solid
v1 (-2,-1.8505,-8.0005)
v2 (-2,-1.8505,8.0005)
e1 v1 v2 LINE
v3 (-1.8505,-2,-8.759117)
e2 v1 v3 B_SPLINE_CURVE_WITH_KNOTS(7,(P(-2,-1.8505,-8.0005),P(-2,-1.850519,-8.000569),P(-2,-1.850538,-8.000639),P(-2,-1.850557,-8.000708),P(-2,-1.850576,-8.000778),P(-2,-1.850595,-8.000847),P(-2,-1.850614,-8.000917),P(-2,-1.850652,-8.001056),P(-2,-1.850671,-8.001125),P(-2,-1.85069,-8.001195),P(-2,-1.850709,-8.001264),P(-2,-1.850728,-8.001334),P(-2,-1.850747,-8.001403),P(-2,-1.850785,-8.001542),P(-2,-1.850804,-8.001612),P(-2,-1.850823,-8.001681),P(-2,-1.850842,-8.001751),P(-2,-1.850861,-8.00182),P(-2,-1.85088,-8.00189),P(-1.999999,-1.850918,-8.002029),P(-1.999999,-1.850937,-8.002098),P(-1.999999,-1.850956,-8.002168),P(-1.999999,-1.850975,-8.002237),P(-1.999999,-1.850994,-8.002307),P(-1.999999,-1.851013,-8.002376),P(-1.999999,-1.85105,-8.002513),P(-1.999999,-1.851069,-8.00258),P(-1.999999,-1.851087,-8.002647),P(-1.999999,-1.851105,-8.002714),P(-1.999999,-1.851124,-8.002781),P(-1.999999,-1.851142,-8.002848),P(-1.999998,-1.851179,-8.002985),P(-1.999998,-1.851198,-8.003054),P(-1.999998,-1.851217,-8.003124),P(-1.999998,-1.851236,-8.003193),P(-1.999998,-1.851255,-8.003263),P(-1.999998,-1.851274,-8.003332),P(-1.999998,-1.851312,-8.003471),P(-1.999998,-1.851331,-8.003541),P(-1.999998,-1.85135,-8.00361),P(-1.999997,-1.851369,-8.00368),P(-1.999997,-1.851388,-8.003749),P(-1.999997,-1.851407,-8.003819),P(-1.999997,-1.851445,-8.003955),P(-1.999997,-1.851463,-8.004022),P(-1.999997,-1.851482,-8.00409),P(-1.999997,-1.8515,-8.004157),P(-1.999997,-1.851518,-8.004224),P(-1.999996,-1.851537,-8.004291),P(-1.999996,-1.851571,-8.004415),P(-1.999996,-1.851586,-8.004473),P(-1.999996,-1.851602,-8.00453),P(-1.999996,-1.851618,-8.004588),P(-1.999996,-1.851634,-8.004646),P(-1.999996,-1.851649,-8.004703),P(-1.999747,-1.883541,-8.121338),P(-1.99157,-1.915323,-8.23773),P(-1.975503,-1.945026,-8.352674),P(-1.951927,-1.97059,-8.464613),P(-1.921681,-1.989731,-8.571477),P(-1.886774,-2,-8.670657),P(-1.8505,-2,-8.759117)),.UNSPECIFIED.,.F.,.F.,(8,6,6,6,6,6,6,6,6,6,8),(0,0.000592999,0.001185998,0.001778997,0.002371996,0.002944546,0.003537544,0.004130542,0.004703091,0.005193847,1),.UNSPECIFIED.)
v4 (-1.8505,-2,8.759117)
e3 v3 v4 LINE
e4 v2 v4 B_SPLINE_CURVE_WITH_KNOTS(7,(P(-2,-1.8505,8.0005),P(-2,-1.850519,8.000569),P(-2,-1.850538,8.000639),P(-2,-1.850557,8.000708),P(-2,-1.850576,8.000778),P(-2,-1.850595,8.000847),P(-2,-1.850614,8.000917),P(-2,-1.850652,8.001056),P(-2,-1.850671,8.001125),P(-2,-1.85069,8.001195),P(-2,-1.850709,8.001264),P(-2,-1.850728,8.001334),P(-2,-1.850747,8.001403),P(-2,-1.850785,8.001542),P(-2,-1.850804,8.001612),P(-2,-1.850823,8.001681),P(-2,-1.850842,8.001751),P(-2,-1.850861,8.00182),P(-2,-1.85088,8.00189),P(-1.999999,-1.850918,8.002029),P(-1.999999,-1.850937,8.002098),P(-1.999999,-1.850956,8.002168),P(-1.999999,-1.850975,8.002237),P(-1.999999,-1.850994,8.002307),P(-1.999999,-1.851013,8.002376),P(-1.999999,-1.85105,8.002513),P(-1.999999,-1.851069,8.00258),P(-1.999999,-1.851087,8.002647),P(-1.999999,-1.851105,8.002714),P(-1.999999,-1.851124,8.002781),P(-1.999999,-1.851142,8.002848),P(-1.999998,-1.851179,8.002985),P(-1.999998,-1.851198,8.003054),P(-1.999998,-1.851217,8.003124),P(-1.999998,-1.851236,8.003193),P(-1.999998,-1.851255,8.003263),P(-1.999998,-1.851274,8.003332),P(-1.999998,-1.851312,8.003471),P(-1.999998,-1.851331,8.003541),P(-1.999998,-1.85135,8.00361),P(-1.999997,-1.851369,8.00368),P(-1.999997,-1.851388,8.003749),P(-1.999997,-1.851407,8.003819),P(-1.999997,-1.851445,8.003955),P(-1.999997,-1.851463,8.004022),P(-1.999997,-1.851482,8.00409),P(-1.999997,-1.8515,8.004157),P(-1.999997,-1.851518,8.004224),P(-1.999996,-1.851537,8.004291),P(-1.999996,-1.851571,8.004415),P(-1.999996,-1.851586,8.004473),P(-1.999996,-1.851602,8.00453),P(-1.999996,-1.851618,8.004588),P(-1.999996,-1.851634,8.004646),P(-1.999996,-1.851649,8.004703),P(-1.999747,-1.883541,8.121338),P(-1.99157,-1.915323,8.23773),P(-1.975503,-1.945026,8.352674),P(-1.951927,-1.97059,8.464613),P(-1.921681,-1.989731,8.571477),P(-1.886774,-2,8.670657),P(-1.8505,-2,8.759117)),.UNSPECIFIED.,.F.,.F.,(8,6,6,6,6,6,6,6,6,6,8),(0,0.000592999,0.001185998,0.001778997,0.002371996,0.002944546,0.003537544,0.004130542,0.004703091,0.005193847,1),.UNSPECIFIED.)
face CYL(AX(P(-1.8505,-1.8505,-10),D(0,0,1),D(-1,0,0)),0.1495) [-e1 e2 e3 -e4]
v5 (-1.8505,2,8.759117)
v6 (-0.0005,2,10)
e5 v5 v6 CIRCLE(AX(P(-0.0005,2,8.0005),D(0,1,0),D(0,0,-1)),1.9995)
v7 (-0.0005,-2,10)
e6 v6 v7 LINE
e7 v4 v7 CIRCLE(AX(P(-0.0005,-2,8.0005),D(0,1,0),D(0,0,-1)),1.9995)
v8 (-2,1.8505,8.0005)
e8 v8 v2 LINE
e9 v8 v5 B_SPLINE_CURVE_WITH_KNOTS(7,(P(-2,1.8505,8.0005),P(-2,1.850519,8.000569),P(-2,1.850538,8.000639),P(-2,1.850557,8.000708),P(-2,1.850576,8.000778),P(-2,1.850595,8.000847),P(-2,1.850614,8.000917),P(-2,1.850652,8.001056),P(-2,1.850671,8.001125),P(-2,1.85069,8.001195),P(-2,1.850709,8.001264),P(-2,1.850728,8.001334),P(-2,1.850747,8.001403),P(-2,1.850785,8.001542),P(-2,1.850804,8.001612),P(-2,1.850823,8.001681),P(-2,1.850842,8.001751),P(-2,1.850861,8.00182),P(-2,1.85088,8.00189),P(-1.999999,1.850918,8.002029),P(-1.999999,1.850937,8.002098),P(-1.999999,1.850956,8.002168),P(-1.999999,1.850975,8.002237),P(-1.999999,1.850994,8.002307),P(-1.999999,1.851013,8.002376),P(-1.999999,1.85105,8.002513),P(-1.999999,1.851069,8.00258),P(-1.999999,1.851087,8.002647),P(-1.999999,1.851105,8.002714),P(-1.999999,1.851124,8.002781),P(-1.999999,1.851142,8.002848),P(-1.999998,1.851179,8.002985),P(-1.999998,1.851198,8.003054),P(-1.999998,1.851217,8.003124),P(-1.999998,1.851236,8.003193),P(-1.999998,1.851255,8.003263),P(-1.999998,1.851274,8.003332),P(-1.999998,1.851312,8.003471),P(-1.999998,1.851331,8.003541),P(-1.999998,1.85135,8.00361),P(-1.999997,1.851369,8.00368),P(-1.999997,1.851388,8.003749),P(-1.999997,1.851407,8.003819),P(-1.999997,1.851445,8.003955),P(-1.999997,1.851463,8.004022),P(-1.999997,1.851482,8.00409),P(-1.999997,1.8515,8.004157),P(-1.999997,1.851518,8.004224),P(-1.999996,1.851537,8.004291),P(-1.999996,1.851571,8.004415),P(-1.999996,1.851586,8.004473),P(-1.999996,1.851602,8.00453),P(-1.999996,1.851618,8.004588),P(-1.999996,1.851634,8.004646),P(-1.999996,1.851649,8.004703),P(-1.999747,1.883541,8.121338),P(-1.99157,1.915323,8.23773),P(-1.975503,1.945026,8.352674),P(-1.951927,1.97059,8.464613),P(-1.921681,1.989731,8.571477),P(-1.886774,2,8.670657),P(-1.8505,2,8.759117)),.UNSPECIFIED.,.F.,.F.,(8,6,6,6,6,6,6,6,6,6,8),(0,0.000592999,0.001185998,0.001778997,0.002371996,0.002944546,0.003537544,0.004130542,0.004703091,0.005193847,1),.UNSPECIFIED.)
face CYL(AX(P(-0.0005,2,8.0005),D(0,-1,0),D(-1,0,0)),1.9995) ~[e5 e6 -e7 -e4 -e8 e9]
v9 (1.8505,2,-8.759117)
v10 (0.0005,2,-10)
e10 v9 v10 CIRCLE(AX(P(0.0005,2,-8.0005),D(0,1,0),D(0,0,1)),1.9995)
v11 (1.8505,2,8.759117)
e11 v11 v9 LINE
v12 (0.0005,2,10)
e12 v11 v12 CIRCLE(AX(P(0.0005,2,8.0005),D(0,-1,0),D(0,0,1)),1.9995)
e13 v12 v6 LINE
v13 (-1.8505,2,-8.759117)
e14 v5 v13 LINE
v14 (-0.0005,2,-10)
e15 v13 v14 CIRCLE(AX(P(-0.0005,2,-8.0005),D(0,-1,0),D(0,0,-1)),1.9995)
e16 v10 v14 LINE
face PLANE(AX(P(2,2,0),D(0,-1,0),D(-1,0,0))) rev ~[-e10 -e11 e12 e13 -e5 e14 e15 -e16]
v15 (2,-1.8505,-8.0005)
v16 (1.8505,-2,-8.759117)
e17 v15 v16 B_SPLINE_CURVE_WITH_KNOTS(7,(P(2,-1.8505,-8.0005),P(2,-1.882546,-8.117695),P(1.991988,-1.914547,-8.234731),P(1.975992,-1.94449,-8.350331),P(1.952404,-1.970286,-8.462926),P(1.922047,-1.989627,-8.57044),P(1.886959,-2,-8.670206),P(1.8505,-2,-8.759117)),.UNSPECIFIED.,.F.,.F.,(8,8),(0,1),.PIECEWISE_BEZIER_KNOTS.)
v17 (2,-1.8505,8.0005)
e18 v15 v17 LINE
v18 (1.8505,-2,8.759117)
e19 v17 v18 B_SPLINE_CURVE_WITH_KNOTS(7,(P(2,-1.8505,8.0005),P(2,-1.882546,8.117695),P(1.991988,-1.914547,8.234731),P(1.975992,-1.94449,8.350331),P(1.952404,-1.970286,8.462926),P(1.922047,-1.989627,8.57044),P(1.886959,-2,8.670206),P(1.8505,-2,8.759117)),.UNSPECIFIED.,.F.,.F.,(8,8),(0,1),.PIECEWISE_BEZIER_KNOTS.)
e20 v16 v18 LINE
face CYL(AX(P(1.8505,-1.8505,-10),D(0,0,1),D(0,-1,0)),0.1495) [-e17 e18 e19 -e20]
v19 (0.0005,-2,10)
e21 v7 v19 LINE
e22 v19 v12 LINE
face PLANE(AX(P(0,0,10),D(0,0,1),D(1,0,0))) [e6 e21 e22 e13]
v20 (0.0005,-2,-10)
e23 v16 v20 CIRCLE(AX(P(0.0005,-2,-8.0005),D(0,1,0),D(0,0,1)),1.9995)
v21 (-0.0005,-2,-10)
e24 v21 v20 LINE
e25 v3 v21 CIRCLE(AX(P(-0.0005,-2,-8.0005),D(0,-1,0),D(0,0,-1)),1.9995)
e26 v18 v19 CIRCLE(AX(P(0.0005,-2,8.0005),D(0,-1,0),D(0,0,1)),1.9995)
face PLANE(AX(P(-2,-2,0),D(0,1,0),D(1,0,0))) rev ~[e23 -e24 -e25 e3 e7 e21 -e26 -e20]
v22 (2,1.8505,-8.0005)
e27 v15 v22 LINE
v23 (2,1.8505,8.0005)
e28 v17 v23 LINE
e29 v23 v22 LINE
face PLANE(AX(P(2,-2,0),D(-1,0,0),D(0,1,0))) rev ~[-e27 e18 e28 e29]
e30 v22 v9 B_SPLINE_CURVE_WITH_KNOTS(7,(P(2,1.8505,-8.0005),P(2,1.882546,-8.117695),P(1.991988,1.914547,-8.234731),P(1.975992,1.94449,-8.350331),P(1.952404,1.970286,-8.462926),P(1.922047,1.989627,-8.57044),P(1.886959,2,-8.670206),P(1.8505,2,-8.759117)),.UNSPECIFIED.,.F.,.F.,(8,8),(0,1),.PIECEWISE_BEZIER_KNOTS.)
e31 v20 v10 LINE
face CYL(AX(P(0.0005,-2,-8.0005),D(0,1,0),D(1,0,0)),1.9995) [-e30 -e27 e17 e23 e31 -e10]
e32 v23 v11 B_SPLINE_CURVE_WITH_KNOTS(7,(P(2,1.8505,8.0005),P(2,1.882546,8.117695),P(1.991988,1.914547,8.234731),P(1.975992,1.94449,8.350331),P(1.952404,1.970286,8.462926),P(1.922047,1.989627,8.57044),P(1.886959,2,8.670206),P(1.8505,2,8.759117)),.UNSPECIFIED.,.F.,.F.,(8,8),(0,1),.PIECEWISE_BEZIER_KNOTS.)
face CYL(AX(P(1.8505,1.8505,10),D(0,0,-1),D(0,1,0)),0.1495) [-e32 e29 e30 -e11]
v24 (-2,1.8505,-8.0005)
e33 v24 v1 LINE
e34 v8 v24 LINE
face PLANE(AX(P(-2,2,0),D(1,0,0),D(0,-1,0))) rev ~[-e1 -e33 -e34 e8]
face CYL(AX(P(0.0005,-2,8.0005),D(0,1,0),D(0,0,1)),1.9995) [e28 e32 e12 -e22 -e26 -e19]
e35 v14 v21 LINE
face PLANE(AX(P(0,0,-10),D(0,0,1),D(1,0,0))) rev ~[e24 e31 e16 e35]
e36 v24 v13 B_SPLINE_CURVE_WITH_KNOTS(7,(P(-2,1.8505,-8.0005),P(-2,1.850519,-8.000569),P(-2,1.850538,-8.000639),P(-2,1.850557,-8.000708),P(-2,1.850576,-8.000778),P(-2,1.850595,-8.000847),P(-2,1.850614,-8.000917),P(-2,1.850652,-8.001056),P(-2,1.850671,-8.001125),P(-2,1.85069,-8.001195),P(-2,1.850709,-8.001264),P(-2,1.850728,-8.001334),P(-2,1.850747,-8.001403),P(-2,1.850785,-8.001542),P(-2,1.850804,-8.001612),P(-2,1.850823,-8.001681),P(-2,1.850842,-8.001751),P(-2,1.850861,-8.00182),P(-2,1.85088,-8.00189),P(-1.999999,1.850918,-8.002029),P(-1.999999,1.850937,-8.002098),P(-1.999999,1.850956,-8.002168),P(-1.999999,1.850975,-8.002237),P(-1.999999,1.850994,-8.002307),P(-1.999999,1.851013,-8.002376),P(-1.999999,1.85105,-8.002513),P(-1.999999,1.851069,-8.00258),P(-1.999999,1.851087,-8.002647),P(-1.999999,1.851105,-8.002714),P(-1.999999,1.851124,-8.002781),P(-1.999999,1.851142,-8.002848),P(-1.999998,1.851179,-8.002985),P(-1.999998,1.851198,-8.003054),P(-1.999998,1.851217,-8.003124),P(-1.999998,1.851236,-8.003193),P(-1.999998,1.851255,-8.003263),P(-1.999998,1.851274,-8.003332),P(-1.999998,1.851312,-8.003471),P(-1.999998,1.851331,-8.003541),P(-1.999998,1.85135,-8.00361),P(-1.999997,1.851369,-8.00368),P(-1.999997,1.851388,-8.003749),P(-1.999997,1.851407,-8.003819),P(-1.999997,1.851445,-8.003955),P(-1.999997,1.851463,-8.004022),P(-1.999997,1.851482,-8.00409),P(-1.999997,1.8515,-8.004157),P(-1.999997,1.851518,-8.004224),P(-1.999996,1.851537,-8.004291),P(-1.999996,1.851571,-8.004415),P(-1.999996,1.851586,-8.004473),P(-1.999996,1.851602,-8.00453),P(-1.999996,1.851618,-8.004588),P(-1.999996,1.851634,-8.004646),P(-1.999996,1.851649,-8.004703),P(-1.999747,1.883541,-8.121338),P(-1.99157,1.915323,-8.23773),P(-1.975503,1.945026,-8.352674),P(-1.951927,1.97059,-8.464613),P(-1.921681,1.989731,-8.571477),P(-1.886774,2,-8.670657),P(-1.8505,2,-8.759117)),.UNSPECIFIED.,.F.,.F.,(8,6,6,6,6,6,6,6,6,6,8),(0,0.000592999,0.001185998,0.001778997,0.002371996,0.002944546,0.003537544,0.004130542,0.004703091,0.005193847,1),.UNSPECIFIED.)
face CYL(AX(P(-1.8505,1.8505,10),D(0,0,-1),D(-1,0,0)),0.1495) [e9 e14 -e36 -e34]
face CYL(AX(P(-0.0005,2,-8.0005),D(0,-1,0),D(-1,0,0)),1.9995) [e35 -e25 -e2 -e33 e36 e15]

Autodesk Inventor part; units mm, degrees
ref_plane "YZ Plane" through (0, 0, 0) normal (1, 0, 0) x (0, 1, 0)
ref_plane "XZ Plane" through (0, 0, 0) normal (0, 1, 0) x (-1, 0, 0)
ref_plane "XY Plane" through (0, 0, 0) normal (0, 0, 1) x (1, 0, 0)
sketch "Sketch1" plane through (0, 0, 0) normal (0, 0, 1) x (1, 0, 0)
  line L0 (-2, -2) -> (2, -2)
  line L1 (2, -2) -> (2, 2)
  line L2 (2, 2) -> (-2, 2)
  line L3 (-2, 2) -> (-2, -2)
  line L4 (-2, -2) -> (2, 2) construction
  line L5 (2, -2) -> (-2, 2) construction
  point P0 (0, 0)
  dimension "d0" = 4
  dimension "d1" = 4
extrude "Extrusion1" add sketch "Sketch1" along normal mid plane 20
fillet "Fillet1" radius 2 4 edges at (2, 0, 10) (-2, 0, 10) (2, 0, -10) (-2, 0, -10)
fillet "Fillet1" radius 0.15 4 edges at (2, 2, 0) (-2, 2, 0) (2, -2, 0) (-2, -2, 0)
properties part number "PulleyKey" material "Steel, Alloy"
